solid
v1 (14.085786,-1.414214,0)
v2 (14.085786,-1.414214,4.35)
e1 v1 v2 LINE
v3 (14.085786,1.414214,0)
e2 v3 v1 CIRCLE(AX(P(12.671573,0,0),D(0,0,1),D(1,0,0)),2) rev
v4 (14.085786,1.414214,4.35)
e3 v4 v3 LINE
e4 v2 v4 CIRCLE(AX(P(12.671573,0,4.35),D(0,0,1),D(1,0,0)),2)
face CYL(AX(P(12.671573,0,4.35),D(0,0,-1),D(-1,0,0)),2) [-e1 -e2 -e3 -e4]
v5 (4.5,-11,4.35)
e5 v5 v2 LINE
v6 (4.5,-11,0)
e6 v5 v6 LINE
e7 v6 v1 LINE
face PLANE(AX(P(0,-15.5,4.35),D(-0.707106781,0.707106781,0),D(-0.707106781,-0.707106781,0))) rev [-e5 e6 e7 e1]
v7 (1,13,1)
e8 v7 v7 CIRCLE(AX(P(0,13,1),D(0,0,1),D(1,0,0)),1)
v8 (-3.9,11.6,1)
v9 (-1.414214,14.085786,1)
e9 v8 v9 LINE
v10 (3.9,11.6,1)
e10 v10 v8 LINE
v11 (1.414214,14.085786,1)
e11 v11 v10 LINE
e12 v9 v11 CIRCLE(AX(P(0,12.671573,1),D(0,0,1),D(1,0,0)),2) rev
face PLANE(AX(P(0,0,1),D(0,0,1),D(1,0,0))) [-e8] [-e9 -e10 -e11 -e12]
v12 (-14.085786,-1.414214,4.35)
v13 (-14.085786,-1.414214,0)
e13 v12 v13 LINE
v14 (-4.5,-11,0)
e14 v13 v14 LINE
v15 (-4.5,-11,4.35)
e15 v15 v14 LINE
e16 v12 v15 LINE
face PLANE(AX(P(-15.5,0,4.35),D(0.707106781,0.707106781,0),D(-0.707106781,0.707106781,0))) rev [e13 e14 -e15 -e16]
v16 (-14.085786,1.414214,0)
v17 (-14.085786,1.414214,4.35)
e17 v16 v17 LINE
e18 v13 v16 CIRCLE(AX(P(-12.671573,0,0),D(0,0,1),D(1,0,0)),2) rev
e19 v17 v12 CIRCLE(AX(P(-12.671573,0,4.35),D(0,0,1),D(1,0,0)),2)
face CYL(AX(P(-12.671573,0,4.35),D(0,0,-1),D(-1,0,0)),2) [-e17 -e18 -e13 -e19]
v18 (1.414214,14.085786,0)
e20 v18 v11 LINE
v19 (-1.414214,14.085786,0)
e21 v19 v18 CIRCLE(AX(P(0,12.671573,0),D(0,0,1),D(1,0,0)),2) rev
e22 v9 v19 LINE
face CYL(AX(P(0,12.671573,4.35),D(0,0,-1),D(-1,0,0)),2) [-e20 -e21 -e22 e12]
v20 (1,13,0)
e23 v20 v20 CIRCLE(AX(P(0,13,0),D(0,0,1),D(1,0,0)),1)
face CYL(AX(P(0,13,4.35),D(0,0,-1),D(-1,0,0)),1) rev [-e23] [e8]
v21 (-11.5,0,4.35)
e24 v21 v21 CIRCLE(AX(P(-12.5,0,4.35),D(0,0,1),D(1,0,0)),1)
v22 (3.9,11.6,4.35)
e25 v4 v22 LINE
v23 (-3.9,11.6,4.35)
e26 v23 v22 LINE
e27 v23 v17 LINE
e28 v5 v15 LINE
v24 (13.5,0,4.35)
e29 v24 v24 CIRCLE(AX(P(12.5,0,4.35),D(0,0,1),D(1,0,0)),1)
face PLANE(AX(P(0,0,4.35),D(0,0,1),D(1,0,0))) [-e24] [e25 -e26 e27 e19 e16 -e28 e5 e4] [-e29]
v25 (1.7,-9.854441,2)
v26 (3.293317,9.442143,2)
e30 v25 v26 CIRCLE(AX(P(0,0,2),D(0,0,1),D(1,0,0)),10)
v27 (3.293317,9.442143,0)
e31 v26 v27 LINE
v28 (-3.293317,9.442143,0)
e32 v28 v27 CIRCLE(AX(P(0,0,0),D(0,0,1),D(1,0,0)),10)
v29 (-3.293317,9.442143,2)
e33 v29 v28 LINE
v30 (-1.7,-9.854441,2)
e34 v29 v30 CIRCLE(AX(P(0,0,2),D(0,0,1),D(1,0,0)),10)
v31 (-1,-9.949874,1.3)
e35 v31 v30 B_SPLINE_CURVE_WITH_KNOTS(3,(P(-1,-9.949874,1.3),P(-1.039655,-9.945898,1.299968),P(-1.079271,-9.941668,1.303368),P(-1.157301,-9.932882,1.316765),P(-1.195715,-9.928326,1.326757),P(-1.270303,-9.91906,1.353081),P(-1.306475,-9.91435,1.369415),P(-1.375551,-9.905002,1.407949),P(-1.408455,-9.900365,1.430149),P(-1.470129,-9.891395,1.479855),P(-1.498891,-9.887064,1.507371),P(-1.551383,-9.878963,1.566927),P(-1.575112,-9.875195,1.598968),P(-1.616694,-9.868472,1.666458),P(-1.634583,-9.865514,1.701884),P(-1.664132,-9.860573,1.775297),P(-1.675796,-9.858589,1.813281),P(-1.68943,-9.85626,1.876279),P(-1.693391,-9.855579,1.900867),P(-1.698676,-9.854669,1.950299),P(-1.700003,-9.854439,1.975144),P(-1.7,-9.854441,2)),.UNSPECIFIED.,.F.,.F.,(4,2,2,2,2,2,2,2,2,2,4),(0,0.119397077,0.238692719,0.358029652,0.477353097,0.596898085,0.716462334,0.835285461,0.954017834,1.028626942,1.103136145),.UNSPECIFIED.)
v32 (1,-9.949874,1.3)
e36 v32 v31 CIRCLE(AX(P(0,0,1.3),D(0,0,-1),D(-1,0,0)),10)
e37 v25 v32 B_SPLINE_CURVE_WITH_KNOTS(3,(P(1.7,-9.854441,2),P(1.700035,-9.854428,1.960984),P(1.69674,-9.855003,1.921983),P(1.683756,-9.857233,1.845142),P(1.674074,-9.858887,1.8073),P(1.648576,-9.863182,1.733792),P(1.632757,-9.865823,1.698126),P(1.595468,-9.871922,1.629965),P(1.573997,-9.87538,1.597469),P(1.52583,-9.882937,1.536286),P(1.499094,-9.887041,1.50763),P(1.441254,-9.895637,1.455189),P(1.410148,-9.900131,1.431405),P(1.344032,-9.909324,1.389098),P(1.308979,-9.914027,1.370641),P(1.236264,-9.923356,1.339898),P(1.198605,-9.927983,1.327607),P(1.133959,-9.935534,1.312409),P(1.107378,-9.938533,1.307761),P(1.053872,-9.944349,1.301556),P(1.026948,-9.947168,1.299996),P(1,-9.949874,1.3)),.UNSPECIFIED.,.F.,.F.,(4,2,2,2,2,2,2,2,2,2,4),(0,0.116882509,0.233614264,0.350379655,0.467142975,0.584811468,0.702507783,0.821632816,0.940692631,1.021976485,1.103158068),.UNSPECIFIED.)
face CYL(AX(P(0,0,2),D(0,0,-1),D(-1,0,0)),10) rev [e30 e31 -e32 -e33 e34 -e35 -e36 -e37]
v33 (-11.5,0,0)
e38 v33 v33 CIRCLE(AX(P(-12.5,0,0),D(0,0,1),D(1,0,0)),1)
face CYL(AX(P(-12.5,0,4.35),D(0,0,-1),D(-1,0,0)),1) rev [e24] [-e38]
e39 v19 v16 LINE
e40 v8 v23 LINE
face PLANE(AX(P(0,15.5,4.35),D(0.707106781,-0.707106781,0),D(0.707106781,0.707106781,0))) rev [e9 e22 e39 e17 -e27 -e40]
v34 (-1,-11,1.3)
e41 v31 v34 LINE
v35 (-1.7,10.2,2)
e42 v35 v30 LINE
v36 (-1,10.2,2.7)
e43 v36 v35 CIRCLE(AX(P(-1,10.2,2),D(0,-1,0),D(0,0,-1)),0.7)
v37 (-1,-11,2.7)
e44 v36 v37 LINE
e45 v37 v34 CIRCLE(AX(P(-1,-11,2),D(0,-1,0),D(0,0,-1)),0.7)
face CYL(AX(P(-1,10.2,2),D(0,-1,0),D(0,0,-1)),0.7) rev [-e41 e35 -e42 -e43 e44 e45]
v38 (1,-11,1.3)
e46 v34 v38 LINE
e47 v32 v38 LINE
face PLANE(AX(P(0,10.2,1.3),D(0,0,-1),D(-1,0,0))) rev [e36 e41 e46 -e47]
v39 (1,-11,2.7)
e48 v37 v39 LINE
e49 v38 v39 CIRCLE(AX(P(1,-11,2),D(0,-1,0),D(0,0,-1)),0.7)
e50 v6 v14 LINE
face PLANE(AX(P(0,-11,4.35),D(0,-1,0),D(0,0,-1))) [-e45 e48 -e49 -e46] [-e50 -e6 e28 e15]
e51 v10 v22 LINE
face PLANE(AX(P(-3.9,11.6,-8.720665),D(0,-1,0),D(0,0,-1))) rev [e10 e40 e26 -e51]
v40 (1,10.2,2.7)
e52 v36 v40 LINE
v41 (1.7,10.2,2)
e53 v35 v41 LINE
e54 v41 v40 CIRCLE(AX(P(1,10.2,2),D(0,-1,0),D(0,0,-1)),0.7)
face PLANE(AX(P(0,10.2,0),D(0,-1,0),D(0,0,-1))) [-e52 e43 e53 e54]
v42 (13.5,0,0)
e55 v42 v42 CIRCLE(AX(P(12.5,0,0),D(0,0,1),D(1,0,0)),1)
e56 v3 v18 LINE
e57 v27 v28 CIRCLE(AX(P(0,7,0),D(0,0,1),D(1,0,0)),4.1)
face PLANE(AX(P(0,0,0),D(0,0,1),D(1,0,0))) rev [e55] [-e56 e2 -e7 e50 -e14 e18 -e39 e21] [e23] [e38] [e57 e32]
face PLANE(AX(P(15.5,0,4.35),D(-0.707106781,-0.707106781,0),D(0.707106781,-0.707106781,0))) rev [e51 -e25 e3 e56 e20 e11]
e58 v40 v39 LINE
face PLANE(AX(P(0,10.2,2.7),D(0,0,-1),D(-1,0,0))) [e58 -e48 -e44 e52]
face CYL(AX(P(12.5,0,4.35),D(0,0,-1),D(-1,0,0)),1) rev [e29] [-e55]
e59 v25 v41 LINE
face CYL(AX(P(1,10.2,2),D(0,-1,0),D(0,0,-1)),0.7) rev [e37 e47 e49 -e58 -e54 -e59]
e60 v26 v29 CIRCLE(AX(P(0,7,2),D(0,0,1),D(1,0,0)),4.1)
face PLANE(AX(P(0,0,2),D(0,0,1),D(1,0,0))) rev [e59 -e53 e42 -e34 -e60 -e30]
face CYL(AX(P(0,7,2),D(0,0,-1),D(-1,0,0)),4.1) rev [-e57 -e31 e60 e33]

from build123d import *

# Parameters (mm, degrees)
BOSS_EXTRUDE1_DEPTH = 4.35
SKETCH1_3_R         = 1
CUT_EXTRUDE1_DEPTH  = 5.35
SKETCH1_4_R         = 10
SKETCH1_4_R_2       = 4.1
CUT_EXTRUDE2_DEPTH  = 2
FILLET1_R           = 2
CUT_EXTRUDE3_DEPTH  = 5.35
CUT_EXTRUDE4_DEPTH  = 21.2
CUT_EXTRUDE5_DEPTH  = 3.35


with BuildPart() as part:
    # Sketch1 → Boss-Extrude1 (new body)
    with BuildSketch(Plane.XY):
        Polygon((0, 15.5), (-15.5, 0), (0, -15.5), (15.5, 0), align=None)
    extrude(amount=BOSS_EXTRUDE1_DEPTH)

    # Sketch1<3> → Cut-Extrude1 (cut, through all)
    with BuildSketch(Plane.XY):
        with Locations((-12.5, 0)):
            Circle(SKETCH1_3_R)
        with Locations((12.5, 0)):
            Circle(SKETCH1_3_R)
        with Locations((0, 13)):
            Circle(SKETCH1_3_R)
    extrude(amount=CUT_EXTRUDE1_DEPTH, mode=Mode.SUBTRACT)

    # Sketch1<4> → Cut-Extrude2 (cut)
    with BuildSketch(Plane.XY):
        Circle(SKETCH1_4_R)
        with Locations((0, 7)):
            Circle(SKETCH1_4_R_2)
    extrude(amount=CUT_EXTRUDE2_DEPTH, mode=Mode.SUBTRACT)

    # Fillet1
    fillet1_edges = [part.edges().sort_by_distance(p)[0] for p in [
        (0, -15.5, 2.175),
        (-15.5, 0, 2.175),
        (0, 15.5, 2.175),
        (15.5, 0, 2.175),
    ]]
    fillet(fillet1_edges, radius=FILLET1_R)

    # Sketch2 → Cut-Extrude3 (cut, through all)
    with BuildSketch(Plane(origin=(0, 0, 0), x_dir=(-1, 0, 0), z_dir=(0, 0, -1))):
        with BuildLine():
            Line((4.5, -11), (-4.5, -11))
            Line((-4.5, -11), (-1.414213562, -14.085786438))
            ThreePointArc((-1.414213562, -14.085786438), (0, -14.671572875), (1.414213562, -14.085786438))
            Line((1.414213562, -14.085786438), (4.5, -11))
        make_face()
    extrude(amount=-CUT_EXTRUDE3_DEPTH, mode=Mode.SUBTRACT)

    # Sketch4 → Cut-Extrude4 (cut)
    with BuildSketch(Plane.XZ.offset(11)):
        with BuildLine():
            Line((-1, 2.7), (1, 2.7))
            ThreePointArc((1, 2.7), (1.7, 2), (1, 1.3))
            Line((1, 1.3), (-1, 1.3))
            ThreePointArc((-1, 1.3), (-1.7, 2), (-1, 2.7))
        make_face()
    extrude(amount=-CUT_EXTRUDE4_DEPTH, mode=Mode.SUBTRACT)

    # Sketch11 → Cut-Extrude5 (cut)
    with BuildSketch(Plane.XY.offset(4.35)):
        Polygon((-3.9, 11.6), (3.9, 11.6), (0, 15.5), align=None)
    extrude(amount=-CUT_EXTRUDE5_DEPTH, mode=Mode.SUBTRACT)


solid = part.part
